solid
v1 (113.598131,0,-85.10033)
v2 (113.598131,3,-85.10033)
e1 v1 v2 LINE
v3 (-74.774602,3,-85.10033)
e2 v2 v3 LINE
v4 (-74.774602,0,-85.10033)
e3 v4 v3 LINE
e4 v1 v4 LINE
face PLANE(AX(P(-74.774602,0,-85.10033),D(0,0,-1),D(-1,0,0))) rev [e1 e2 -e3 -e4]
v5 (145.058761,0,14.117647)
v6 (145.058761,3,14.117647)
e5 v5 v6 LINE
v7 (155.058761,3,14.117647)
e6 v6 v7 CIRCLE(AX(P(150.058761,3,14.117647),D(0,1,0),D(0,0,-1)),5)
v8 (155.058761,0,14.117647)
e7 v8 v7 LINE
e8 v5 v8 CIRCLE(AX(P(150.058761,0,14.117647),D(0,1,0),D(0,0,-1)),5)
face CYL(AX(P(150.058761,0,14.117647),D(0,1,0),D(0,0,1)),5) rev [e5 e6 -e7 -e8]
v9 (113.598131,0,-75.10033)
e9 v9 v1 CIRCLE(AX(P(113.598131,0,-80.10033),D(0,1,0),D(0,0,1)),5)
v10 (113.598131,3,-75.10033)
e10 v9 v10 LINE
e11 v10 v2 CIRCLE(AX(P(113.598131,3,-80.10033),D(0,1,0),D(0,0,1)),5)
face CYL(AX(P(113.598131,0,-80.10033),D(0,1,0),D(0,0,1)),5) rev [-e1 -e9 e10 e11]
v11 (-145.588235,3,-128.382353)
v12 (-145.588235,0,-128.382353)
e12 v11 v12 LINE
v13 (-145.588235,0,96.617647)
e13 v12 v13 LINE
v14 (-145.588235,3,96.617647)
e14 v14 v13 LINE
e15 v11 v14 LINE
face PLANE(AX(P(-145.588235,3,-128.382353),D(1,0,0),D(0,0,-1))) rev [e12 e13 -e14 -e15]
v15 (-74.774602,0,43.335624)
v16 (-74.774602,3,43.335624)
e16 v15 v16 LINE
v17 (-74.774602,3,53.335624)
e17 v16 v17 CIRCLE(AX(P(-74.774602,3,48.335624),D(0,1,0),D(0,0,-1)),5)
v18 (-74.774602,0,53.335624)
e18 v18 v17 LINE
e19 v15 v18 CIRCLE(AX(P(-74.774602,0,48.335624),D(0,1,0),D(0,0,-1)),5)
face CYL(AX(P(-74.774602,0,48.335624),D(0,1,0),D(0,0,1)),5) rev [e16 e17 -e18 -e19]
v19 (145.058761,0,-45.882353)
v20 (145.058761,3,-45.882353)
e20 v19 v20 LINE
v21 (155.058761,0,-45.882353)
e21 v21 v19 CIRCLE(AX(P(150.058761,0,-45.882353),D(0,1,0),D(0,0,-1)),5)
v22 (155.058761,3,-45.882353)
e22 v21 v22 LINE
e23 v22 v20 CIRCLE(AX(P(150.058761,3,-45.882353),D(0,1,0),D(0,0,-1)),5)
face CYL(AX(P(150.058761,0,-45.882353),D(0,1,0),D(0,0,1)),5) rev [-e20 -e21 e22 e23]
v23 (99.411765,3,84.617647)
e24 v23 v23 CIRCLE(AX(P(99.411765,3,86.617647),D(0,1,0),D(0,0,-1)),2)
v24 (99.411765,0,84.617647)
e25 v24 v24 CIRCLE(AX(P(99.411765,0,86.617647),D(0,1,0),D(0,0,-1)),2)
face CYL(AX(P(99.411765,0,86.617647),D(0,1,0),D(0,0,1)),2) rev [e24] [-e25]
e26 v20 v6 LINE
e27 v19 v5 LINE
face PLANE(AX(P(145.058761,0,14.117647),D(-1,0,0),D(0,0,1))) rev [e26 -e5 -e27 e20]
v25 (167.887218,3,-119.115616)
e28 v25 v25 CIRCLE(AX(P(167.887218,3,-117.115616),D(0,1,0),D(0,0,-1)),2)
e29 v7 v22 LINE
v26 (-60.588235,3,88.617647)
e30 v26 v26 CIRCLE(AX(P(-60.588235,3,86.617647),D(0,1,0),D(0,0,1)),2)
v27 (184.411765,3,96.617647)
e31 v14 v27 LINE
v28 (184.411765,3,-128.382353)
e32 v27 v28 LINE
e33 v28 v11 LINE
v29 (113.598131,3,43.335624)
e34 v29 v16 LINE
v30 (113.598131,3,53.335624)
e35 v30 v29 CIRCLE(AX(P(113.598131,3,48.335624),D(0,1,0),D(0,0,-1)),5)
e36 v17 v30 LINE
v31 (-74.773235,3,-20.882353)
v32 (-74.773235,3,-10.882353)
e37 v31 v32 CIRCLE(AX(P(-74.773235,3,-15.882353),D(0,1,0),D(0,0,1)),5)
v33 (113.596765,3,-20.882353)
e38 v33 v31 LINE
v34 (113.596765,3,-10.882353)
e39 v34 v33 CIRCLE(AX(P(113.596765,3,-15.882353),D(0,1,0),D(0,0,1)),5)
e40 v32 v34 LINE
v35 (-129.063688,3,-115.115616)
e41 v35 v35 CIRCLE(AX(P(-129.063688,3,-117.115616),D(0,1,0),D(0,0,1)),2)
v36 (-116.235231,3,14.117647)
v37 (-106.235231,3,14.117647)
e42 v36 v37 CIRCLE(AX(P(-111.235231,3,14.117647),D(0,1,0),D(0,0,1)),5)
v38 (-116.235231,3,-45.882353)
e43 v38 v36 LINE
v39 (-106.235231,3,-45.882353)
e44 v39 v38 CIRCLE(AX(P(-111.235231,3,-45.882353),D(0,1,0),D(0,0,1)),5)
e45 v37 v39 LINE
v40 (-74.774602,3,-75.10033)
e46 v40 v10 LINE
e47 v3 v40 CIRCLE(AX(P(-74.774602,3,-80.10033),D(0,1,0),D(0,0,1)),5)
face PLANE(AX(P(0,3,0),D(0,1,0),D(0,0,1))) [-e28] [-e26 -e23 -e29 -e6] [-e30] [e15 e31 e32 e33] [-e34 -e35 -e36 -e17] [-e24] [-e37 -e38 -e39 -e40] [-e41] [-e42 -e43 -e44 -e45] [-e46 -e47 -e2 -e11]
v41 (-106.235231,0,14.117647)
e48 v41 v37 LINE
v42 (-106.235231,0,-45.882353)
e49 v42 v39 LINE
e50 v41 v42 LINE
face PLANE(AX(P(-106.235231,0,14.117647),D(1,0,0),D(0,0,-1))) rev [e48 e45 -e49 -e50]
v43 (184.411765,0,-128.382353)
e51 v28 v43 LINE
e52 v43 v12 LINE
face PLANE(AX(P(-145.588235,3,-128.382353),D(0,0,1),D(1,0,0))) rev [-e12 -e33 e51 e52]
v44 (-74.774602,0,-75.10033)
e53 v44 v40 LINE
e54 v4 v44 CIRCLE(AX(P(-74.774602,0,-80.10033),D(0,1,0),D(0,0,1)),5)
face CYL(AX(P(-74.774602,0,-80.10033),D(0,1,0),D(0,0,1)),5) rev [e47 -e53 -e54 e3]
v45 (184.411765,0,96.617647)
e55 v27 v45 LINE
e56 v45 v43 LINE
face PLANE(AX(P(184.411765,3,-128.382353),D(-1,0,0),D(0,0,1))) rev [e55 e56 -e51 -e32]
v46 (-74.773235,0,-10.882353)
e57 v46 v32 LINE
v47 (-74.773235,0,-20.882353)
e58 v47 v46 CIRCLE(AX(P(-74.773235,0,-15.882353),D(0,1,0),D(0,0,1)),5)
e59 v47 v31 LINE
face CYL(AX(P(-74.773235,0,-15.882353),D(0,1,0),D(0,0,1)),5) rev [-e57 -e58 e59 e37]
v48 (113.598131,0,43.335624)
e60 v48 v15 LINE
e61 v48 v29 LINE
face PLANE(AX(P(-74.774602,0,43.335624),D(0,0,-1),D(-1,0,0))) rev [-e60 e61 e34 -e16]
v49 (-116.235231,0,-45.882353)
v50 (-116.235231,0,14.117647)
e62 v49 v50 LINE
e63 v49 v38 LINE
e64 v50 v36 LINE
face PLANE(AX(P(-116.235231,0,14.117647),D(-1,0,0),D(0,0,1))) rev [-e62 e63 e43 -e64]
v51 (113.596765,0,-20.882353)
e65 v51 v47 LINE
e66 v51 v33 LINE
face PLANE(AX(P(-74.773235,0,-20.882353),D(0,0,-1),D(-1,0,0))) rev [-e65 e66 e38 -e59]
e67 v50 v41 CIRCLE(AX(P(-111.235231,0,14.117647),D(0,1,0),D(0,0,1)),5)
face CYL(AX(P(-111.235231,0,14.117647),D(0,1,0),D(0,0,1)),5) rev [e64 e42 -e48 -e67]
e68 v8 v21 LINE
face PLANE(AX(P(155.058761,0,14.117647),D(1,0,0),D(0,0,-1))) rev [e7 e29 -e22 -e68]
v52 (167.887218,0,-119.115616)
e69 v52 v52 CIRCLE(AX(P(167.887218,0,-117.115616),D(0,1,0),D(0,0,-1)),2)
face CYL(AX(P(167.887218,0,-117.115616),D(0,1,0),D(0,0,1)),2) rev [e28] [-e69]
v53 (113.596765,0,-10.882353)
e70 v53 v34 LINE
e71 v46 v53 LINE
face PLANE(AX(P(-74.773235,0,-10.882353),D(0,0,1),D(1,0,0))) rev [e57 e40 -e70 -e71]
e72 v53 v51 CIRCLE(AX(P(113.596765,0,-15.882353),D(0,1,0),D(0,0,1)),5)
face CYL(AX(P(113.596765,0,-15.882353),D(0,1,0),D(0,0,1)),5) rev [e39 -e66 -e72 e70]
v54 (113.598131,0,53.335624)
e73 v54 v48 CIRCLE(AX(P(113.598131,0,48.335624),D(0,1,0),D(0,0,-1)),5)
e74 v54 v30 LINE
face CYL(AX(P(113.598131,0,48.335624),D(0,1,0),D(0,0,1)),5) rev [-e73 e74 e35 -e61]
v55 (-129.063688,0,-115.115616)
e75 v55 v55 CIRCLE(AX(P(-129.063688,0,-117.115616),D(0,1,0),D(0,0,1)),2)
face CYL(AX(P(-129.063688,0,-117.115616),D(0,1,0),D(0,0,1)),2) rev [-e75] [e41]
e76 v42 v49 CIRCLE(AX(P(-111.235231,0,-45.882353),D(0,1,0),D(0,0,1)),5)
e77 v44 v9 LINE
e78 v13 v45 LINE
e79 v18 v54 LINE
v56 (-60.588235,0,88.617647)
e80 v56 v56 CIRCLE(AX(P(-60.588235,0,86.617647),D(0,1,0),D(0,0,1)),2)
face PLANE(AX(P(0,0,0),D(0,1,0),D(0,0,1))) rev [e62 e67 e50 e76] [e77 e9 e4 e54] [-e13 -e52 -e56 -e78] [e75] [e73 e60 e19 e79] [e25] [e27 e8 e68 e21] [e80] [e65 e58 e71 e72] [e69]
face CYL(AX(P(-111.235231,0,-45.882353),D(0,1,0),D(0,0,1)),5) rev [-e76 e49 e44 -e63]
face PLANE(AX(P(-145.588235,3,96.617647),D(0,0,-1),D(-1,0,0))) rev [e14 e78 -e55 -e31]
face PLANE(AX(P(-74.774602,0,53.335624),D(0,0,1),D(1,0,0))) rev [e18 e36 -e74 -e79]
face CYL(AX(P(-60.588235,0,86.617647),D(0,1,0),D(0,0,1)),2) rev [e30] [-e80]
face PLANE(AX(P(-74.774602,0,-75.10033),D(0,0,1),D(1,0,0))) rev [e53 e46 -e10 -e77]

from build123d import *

# Parameters (mm, degrees)
SKETCH_1_W          = 330
SKETCH_1_H          = 225
EXTRUDE_1_DEPTH     = 3
SKETCH_3_R          = 2
CUT_EXTRUDE_1_DEPTH = 225.719219269
CUT_EXTRUDE_2_DEPTH = 225.719219269
CUT_EXTRUDE_3_DEPTH = 225.719219269
CUT_EXTRUDE_4_DEPTH = 225.719219269


with BuildPart() as part:
    # 草图1 → 凸台-拉伸1 (new body)
    with BuildSketch(Plane(origin=(0, 0, 0), x_dir=(1, 0, 0), z_dir=(0, 1, 0))):
        with Locations((19.411764706, 15.882352941)):
            Rectangle(SKETCH_1_W, SKETCH_1_H)
    extrude(amount=EXTRUDE_1_DEPTH)

    # 草图3 → 切除-拉伸1 (cut, through all)
    with BuildSketch(Plane(origin=(0, 3, 0), x_dir=(1, 0, 0), z_dir=(0, 1, 0))):
        with Locations(Location((-129.063688438, 117.115616448, 0), (0, 0, 270))):
            Circle(SKETCH_3_R)
        with Locations(Location((167.88721785, 117.115616448, 0), (0, 0, 90))):
            Circle(SKETCH_3_R)
        with Locations(Location((-60.588235294, -86.617647059, 0), (0, 0, 270))):
            Circle(SKETCH_3_R)
        with Locations(Location((99.411764706, -86.617647059, 0), (0, 0, 90))):
            Circle(SKETCH_3_R)
    extrude(amount=-CUT_EXTRUDE_1_DEPTH, mode=Mode.SUBTRACT)

    # 草图4 → 切除-拉伸2 (cut, through all)
    with BuildSketch(Plane(origin=(0, 3, 0), x_dir=(1, 0, 0), z_dir=(0, 1, 0))):
        with BuildLine():
            Line((-116.235231271, -14.117647059), (-116.235231271, 45.882352941))
            ThreePointArc((-116.235231271, 45.882352941), (-111.235231271, 50.882352941), (-106.235231271, 45.882352941))
            Line((-106.235231271, 45.882352941), (-106.235231271, -14.117647059))
            ThreePointArc((-106.235231271, -14.117647059), (-111.235231271, -19.117647059), (-116.235231271, -14.117647059))
        make_face()
        with BuildLine():
            Line((155.058760683, -14.117647059), (155.058760683, 45.882352941))
            ThreePointArc((155.058760683, 45.882352941), (150.058760683, 50.882352941), (145.058760683, 45.882352941))
            Line((145.058760683, 45.882352941), (145.058760683, -14.117647059))
            ThreePointArc((145.058760683, -14.117647059), (150.058760683, -19.117647059), (155.058760683, -14.117647059))
        make_face()
    extrude(amount=-CUT_EXTRUDE_2_DEPTH, mode=Mode.SUBTRACT)

    # 草图5 → 切除-拉伸3 (cut, through all)
    with BuildSketch(Plane(origin=(0, 3, 0), x_dir=(1, 0, 0), z_dir=(0, 1, 0))):
        with BuildLine():
            Line((-74.774602087, 85.1003303), (113.598131499, 85.1003303))
            ThreePointArc((113.598131499, 85.1003303), (118.598131499, 80.1003303), (113.598131499, 75.1003303))
            Line((113.598131499, 75.1003303), (-74.774602087, 75.1003303))
            ThreePointArc((-74.774602087, 75.1003303), (-79.774602087, 80.1003303), (-74.774602087, 85.1003303))
        make_face()
        with BuildLine():
            Line((-74.774602087, -53.335624418), (113.598131499, -53.335624418))
            ThreePointArc((113.598131499, -53.335624418), (118.598131499, -48.335624418), (113.598131499, -43.335624418))
            Line((113.598131499, -43.335624418), (-74.774602087, -43.335624418))
            ThreePointArc((-74.774602087, -43.335624418), (-79.774602087, -48.335624418), (-74.774602087, -53.335624418))
        make_face()
    extrude(amount=-CUT_EXTRUDE_3_DEPTH, mode=Mode.SUBTRACT)

    # 草图6 → 切除-拉伸4 (cut, through all)
    with BuildSketch(Plane(origin=(0, 3, 0), x_dir=(1, 0, 0), z_dir=(0, 1, 0))):
        with BuildLine():
            Line((-74.773235294, 20.882352941), (113.596764706, 20.882352941))
            ThreePointArc((113.596764706, 20.882352941), (118.596764706, 15.882352941), (113.596764706, 10.882352941))
            Line((113.596764706, 10.882352941), (-74.773235294, 10.882352941))
            ThreePointArc((-74.773235294, 10.882352941), (-79.773235294, 15.882352941), (-74.773235294, 20.882352941))
        make_face()
    extrude(amount=-CUT_EXTRUDE_4_DEPTH, mode=Mode.SUBTRACT)


solid = part.part
